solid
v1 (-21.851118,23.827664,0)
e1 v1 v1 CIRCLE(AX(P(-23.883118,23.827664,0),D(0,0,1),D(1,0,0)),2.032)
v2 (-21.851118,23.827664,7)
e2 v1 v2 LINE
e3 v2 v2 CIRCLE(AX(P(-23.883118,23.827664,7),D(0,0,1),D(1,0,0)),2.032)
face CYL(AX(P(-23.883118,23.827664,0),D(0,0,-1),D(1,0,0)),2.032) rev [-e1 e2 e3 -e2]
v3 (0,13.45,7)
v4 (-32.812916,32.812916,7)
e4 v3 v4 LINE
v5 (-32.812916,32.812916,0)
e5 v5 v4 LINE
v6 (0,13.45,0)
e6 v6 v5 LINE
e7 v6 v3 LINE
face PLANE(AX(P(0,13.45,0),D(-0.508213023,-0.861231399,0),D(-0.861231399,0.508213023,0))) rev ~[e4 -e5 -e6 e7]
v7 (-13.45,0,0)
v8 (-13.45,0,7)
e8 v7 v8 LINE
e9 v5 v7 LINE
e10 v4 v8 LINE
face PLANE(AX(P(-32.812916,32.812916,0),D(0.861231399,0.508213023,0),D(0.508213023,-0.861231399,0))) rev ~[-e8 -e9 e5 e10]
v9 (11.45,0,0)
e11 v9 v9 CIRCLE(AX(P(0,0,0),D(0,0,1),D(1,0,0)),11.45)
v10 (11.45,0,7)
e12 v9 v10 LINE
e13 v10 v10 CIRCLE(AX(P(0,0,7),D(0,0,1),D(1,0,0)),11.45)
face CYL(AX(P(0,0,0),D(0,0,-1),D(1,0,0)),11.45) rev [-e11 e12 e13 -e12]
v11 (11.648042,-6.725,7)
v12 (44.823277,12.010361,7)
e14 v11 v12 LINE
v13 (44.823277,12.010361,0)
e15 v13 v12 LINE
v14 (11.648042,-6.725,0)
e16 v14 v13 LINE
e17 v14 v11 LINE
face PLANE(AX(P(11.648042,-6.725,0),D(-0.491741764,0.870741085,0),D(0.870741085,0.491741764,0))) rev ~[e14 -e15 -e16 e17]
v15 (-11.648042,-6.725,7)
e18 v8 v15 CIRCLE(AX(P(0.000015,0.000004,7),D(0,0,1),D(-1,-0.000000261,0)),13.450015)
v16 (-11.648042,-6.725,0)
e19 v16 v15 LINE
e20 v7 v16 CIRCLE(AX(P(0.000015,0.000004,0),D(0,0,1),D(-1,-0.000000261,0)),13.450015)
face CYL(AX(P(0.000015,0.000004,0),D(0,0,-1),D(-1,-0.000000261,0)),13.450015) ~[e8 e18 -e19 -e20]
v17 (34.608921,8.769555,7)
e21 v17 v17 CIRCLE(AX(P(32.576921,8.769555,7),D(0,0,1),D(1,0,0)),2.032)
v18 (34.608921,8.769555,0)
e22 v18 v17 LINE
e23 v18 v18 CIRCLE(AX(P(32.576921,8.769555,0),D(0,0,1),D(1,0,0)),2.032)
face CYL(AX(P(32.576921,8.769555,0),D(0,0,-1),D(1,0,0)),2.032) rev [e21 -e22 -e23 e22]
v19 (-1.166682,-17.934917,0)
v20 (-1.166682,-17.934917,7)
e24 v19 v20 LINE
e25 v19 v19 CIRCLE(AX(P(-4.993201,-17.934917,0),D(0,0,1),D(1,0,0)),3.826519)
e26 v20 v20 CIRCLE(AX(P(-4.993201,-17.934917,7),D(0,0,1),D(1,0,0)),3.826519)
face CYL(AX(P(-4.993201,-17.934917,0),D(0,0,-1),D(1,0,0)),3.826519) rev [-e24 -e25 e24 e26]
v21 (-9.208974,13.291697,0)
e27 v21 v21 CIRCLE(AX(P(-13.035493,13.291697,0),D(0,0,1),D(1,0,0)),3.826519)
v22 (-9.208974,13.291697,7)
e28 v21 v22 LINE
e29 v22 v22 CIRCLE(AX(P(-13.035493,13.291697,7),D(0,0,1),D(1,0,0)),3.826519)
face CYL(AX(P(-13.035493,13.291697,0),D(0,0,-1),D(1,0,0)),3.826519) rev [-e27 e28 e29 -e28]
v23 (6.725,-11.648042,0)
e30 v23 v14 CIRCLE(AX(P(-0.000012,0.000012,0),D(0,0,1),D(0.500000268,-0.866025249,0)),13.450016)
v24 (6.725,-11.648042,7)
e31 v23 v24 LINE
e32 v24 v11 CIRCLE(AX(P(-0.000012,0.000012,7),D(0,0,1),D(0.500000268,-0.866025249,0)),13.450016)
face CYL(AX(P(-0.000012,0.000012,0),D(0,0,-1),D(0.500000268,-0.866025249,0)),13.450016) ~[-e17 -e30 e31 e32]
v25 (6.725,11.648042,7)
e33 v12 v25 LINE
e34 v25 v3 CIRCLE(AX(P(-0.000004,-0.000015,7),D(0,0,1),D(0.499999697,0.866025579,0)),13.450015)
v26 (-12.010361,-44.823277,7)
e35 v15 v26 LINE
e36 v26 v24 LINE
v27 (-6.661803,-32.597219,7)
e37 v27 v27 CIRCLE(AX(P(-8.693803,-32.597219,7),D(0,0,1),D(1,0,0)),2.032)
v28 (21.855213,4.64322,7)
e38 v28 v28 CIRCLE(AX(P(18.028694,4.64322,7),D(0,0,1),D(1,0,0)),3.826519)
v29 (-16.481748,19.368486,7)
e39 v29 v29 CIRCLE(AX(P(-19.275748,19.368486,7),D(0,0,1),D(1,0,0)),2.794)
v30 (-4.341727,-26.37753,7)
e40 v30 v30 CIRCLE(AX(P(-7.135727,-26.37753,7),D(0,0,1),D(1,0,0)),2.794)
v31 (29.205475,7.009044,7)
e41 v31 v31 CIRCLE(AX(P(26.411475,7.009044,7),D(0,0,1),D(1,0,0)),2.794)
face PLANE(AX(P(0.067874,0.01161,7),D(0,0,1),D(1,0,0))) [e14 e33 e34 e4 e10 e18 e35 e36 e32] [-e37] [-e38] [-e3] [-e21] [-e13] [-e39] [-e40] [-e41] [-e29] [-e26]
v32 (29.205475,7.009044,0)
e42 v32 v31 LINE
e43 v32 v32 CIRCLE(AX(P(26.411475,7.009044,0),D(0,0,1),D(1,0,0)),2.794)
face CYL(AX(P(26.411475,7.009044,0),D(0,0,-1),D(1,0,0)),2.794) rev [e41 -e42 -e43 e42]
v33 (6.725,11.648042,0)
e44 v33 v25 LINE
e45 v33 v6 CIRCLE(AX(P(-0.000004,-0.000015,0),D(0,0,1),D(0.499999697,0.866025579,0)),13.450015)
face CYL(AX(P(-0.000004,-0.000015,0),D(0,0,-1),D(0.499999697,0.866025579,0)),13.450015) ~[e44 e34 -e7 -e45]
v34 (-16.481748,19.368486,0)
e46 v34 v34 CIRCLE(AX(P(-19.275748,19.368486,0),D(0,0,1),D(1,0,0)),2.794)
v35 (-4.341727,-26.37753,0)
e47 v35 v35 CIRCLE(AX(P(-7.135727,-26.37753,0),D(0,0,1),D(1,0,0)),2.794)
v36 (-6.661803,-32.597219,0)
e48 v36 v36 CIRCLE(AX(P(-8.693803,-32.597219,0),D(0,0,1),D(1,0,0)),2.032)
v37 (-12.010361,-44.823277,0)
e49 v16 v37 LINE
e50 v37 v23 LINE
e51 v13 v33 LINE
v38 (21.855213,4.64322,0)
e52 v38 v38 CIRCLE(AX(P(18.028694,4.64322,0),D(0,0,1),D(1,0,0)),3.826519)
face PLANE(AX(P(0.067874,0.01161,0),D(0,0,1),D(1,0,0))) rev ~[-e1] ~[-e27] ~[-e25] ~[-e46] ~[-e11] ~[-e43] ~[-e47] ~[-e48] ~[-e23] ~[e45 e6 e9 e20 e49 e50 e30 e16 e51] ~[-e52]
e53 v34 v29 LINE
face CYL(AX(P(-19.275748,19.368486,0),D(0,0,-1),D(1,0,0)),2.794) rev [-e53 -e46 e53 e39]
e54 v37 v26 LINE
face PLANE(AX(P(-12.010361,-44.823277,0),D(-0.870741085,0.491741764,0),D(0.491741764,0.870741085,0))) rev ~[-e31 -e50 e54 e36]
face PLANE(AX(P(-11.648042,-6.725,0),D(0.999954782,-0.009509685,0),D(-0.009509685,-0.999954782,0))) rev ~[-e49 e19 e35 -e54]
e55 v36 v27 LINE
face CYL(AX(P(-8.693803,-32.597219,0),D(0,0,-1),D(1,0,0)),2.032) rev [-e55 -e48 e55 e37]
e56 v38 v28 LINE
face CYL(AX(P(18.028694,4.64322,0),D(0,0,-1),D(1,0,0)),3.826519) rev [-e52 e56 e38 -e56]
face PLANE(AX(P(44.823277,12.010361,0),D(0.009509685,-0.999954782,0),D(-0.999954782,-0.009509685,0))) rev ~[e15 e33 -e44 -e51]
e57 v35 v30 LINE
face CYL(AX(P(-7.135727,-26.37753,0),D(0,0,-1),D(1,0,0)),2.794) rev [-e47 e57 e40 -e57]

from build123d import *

# Parameters (mm, degrees)
F0_R     = 11.45
F0_R_2   = 3.826519
F0_R_3   = 2.794
F0_R_4   = 2.032
F1_DEPTH = 7


with BuildPart() as f1:
    # F0 (on Top) → F1 (new body)
    with BuildSketch(Plane.XY):
        with BuildLine():
            ThreePointArc((11.648042, -6.725), (12.991702, -3.481116), (13.45, 0))
            ThreePointArc((13.45, 0), (11.648042, 6.725), (6.725, 11.648042))
            ThreePointArc((6.725, 11.648042), (3.481116, 12.991702), (0, 13.45))
            ThreePointArc((0, 13.45), (-9.510586, 9.510586), (-13.45, 0))
            ThreePointArc((-13.45, 0), (-12.991702, -3.481116), (-11.648042, -6.725))
            ThreePointArc((-11.648042, -6.725), (-3.481116, -12.991702), (6.725, -11.648042))
            ThreePointArc((6.725, -11.648042), (9.510586, -9.510586), (11.648042, -6.725))
        make_face()
        Circle(F0_R, mode=Mode.SUBTRACT)
        with BuildLine():
            ThreePointArc((6.725, 11.648042), (11.648042, 6.725), (13.45, 0))
            ThreePointArc((13.45, 0), (12.991702, -3.481116), (11.648042, -6.725))
            Line((11.648042, -6.725), (44.823277, 12.010361))
            Line((44.823277, 12.010361), (6.725, 11.648042))
        make_face()
        with Locations((18.028694, 4.64322)):
            Circle(F0_R_2, mode=Mode.SUBTRACT)
        with Locations((26.411475, 7.009044)):
            Circle(F0_R_3, mode=Mode.SUBTRACT)
        with Locations((32.576921, 8.769555)):
            Circle(F0_R_4, mode=Mode.SUBTRACT)
        with BuildLine():
            ThreePointArc((-13.45, 0), (-9.510586, 9.510586), (0, 13.45))
            Line((0, 13.45), (-32.812916, 32.812916))
            Line((-32.812916, 32.812916), (-13.45, 0))
        make_face()
        with Locations((-13.035493, 13.291697)):
            Circle(F0_R_2, mode=Mode.SUBTRACT)
        with Locations((-19.275748, 19.368486)):
            Circle(F0_R_3, mode=Mode.SUBTRACT)
        with Locations((-23.883118, 23.827664)):
            Circle(F0_R_4, mode=Mode.SUBTRACT)
        with BuildLine():
            Line((-12.010361, -44.823277), (6.725, -11.648042))
            ThreePointArc((6.725, -11.648042), (-3.481116, -12.991702), (-11.648042, -6.725))
            Line((-11.648042, -6.725), (-12.010361, -44.823277))
        make_face()
        with Locations((-8.693803, -32.597219)):
            Circle(F0_R_4, mode=Mode.SUBTRACT)
        with Locations((-7.135727, -26.37753)):
            Circle(F0_R_3, mode=Mode.SUBTRACT)
        with Locations((-4.993201, -17.934917)):
            Circle(F0_R_2, mode=Mode.SUBTRACT)
    extrude(amount=F1_DEPTH)


solid = f1.part
